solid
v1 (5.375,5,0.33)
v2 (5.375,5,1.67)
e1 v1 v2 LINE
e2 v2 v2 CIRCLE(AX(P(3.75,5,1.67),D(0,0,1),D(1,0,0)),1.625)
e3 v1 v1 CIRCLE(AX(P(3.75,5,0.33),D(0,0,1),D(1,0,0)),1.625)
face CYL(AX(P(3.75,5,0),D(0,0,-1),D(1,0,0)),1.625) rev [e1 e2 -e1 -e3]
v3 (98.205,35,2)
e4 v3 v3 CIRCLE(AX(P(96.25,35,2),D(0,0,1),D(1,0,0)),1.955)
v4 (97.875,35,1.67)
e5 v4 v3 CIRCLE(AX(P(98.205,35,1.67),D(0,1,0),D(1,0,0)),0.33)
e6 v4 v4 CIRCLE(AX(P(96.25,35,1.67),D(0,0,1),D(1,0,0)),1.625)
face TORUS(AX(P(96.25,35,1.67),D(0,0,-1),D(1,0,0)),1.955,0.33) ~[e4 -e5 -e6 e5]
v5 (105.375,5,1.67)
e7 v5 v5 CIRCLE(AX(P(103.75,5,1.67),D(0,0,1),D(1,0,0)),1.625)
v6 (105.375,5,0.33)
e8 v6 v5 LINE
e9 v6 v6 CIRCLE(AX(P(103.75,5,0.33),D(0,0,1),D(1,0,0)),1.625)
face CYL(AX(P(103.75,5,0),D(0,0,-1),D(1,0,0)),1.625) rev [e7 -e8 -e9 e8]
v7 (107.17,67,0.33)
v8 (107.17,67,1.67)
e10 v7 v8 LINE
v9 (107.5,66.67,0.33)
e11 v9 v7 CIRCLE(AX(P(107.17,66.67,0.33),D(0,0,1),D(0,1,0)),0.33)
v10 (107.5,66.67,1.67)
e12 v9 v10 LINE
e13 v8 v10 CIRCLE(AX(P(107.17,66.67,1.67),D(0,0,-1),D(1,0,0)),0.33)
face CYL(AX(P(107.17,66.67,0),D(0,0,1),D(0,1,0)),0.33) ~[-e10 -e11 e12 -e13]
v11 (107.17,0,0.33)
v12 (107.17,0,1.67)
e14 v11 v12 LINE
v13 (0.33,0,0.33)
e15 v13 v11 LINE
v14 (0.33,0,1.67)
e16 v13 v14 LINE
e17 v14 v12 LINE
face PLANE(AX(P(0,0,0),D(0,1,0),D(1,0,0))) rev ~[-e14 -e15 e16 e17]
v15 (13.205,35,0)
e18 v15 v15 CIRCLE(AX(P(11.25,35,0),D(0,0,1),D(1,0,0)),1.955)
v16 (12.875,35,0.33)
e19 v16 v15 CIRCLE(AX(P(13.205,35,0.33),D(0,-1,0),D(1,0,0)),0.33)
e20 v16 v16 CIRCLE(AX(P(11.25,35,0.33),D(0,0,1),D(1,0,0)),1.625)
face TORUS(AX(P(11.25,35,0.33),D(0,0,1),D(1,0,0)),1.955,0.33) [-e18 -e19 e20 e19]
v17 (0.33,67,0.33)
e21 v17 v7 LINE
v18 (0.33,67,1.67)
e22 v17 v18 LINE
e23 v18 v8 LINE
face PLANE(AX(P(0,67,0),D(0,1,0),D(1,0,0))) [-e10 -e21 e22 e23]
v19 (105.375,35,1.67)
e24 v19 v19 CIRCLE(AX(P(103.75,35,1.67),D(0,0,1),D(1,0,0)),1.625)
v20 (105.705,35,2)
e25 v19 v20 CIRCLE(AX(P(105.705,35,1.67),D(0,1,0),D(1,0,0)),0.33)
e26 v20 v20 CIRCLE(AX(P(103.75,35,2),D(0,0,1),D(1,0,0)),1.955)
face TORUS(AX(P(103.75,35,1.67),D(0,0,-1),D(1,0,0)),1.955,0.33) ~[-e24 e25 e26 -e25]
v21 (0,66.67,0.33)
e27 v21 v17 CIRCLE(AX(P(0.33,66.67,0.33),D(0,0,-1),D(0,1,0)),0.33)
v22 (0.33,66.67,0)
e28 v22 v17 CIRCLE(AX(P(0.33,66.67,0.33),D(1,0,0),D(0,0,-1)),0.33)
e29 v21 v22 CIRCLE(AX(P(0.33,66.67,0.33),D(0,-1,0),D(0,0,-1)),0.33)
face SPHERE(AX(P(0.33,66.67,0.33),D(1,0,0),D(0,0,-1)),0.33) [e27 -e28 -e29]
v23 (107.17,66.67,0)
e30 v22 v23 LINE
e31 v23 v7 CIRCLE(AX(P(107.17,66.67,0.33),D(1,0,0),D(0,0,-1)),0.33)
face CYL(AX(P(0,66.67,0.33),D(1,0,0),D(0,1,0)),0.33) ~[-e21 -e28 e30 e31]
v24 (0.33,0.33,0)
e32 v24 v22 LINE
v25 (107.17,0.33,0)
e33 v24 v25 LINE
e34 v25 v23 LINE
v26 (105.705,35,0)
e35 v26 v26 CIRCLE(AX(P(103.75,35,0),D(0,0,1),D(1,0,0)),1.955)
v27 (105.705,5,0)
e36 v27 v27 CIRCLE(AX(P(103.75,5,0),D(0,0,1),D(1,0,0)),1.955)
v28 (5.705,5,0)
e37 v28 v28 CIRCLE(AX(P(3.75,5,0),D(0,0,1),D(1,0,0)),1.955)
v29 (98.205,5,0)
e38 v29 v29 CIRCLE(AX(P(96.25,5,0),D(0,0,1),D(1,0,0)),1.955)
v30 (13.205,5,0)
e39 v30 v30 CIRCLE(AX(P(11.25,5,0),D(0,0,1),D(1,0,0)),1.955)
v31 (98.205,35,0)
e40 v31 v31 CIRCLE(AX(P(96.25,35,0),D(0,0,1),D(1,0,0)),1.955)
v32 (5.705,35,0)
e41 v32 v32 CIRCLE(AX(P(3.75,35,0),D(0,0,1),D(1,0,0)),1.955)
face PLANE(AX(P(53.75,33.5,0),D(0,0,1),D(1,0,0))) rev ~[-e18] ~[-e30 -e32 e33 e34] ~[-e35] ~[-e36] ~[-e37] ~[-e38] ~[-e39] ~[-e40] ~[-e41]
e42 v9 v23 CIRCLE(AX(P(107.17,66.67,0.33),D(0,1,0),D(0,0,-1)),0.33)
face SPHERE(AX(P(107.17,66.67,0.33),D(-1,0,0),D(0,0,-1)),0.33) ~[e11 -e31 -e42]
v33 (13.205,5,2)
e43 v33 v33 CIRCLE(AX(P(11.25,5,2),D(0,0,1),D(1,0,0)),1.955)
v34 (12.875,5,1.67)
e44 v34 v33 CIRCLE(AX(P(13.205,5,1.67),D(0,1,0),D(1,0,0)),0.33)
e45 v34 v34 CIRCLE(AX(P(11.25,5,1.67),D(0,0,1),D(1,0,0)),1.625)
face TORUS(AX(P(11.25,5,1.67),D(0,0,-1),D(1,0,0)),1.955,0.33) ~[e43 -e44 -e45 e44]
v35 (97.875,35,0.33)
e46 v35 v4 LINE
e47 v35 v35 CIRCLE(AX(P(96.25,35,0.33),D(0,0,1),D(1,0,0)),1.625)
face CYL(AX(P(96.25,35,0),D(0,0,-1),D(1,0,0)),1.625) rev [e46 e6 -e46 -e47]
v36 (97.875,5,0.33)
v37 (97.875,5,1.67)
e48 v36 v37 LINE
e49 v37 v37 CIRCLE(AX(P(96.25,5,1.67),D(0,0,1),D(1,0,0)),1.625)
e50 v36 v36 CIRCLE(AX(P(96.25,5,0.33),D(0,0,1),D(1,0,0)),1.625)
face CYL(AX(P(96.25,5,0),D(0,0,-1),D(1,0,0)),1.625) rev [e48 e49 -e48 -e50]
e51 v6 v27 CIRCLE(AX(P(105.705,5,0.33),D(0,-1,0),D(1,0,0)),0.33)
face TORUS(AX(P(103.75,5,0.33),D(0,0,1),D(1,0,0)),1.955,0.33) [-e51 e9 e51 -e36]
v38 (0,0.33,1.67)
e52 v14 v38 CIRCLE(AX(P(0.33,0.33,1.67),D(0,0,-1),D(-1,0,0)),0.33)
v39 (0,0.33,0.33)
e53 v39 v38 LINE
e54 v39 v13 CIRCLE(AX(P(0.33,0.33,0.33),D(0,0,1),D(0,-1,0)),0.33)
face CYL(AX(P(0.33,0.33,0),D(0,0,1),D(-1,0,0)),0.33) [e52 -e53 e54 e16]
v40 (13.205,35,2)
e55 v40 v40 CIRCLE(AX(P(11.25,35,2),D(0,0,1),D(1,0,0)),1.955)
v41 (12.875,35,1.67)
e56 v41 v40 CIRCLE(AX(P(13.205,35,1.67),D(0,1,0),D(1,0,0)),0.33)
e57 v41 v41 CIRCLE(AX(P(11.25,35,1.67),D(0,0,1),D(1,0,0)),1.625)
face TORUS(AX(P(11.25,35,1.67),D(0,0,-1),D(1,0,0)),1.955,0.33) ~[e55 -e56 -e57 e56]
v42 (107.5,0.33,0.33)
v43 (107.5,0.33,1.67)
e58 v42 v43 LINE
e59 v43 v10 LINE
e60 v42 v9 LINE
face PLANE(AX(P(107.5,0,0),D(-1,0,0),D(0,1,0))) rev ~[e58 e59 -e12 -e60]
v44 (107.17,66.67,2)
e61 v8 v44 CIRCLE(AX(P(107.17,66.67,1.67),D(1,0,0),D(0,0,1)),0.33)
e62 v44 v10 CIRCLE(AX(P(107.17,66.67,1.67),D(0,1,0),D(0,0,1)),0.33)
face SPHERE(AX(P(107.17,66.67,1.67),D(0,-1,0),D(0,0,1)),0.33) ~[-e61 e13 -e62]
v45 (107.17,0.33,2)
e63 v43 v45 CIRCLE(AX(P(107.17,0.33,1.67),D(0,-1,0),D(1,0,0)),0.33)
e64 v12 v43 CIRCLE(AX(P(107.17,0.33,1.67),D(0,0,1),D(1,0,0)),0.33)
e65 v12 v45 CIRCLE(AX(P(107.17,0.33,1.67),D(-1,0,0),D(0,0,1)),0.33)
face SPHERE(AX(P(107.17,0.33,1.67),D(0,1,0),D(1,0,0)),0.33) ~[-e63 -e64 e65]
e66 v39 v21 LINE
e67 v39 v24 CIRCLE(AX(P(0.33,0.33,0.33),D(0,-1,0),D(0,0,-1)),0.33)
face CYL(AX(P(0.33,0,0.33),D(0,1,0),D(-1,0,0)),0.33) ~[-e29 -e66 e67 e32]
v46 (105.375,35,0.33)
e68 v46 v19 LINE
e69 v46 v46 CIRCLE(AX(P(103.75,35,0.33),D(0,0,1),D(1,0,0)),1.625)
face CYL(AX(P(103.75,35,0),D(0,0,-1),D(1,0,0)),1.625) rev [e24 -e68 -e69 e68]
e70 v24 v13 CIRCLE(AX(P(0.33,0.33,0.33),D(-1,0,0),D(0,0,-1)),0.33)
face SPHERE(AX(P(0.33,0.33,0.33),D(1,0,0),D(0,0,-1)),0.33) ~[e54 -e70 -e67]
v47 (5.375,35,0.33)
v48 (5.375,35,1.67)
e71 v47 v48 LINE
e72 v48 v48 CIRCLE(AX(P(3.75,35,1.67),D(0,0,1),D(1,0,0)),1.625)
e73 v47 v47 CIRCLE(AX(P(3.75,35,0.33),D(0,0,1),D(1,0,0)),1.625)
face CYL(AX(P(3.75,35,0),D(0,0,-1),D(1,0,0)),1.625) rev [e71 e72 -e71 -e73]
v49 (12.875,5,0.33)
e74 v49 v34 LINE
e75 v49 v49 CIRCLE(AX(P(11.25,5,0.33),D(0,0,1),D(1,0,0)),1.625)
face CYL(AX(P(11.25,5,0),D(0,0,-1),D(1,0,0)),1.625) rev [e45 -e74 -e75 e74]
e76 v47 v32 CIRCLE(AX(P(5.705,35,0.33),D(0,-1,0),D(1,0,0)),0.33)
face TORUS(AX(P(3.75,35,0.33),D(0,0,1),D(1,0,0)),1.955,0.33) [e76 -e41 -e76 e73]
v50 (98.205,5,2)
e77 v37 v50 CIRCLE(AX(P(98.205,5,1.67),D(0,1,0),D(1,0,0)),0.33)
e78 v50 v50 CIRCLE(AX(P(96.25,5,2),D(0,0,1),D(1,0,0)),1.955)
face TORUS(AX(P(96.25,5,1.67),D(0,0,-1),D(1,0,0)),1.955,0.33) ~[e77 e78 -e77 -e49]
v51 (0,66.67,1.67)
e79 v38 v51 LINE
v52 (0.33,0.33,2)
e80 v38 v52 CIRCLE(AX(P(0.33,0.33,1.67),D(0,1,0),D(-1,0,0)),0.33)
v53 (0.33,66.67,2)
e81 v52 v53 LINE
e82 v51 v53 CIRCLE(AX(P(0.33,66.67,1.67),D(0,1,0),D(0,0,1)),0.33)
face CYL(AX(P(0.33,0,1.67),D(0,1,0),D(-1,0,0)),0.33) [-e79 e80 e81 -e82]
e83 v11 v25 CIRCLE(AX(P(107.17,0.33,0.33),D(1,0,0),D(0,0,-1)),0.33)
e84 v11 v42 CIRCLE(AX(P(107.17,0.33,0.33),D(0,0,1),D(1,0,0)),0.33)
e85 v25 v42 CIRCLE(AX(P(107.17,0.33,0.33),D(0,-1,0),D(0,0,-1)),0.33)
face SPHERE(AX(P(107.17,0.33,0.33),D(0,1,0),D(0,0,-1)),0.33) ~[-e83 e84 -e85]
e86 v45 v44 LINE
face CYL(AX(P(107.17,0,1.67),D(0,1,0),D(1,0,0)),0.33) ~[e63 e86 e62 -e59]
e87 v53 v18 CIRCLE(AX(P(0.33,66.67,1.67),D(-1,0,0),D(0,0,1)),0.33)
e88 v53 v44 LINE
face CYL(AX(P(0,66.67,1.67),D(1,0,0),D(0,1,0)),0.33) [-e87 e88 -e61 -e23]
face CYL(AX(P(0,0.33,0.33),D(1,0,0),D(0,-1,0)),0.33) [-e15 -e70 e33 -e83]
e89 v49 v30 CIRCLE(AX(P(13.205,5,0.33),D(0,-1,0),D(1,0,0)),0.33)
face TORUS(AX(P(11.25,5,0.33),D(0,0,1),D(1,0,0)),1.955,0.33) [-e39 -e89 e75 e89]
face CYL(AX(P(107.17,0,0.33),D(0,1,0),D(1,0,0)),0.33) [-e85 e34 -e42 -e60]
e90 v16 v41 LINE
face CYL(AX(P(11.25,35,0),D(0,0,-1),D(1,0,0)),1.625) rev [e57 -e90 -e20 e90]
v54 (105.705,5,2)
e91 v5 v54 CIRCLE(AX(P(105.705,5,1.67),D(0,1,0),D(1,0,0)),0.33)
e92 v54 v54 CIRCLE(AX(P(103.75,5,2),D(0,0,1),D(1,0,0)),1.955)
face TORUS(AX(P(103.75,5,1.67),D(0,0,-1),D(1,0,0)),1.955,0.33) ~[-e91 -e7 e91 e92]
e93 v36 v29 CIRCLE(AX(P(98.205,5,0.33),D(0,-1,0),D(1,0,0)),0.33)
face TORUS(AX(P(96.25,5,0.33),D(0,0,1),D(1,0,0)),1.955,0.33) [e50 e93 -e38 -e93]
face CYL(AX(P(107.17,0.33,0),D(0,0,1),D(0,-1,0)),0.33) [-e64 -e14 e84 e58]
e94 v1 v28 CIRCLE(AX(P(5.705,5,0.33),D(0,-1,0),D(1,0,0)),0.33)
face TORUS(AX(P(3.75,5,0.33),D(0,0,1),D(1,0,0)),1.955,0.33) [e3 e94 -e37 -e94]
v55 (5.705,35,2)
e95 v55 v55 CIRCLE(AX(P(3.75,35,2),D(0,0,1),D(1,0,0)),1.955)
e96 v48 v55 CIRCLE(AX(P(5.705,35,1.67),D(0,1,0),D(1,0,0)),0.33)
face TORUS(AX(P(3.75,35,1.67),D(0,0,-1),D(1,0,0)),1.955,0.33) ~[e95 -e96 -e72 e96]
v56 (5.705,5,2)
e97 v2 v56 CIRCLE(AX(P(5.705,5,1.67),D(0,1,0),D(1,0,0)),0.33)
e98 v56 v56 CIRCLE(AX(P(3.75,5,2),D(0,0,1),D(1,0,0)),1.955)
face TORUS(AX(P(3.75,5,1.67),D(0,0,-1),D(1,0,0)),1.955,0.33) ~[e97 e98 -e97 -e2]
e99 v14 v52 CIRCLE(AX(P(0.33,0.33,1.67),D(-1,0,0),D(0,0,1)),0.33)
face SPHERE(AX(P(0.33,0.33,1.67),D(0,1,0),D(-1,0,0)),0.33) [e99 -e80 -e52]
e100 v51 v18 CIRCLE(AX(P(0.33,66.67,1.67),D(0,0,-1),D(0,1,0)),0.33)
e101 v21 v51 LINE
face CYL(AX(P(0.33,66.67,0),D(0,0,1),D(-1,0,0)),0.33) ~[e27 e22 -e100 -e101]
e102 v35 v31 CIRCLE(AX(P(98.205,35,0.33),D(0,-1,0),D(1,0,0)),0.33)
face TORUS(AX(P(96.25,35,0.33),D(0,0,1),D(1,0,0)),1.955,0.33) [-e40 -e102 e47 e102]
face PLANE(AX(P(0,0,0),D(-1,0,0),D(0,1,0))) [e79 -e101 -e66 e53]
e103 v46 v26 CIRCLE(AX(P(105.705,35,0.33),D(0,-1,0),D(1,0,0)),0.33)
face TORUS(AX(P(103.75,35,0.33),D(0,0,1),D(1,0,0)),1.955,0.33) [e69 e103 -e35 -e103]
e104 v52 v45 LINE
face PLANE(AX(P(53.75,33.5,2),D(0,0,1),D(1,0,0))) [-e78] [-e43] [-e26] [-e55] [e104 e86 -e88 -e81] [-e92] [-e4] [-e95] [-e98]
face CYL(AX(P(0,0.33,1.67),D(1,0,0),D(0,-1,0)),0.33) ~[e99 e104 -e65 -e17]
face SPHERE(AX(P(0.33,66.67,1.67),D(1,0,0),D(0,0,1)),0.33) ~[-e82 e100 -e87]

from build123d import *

# Parameters (mm, degrees)
CROQUIS1_W              = 107.5
CROQUIS1_H              = 67
CROQUIS1_R              = 1.625
SALIENTE_EXTRUIR1_DEPTH = 2
REDONDEO1_R             = 0.33


with BuildPart() as part:
    # Croquis1 → Saliente-Extruir1 (new body)
    with BuildSketch(Plane.XY):
        with Locations((53.75, 33.5)):
            Rectangle(CROQUIS1_W, CROQUIS1_H)
        with Locations((11.25, 35)):
            Circle(CROQUIS1_R, mode=Mode.SUBTRACT)
        with Locations((3.75, 35)):
            Circle(CROQUIS1_R, mode=Mode.SUBTRACT)
        with Locations((11.25, 5)):
            Circle(CROQUIS1_R, mode=Mode.SUBTRACT)
        with Locations((3.75, 5)):
            Circle(CROQUIS1_R, mode=Mode.SUBTRACT)
        with Locations((96.25, 35)):
            Circle(CROQUIS1_R, mode=Mode.SUBTRACT)
        with Locations((103.75, 35)):
            Circle(CROQUIS1_R, mode=Mode.SUBTRACT)
        with Locations((103.75, 5)):
            Circle(CROQUIS1_R, mode=Mode.SUBTRACT)
        with Locations((96.25, 5)):
            Circle(CROQUIS1_R, mode=Mode.SUBTRACT)
    extrude(amount=SALIENTE_EXTRUIR1_DEPTH)

    # Redondeo1
    redondeo1_edges = [part.edges().sort_by_distance(p)[0] for p in [
        (9.625, 35, 0),
        (9.625, 35, 2),
        (107.5, 33.5, 2),
        (2.125, 35, 0),
        (2.125, 35, 2),
        (53.75, 67, 2),
        (2.125, 5, 0),
        (2.125, 5, 2),
        (9.625, 5, 0),
        (9.625, 5, 2),
        (102.125, 35, 0),
        (102.125, 35, 2),
        (94.625, 35, 0),
        (94.625, 35, 2),
        (102.125, 5, 0),
        (102.125, 5, 2),
        (94.625, 5, 0),
        (94.625, 5, 2),
        (0, 33.5, 2),
        (53.75, 67, 0),
        (107.5, 33.5, 0),
        (53.75, 0, 0),
        (0, 33.5, 0),
        (0, 67, 1),
        (107.5, 67, 1),
        (107.5, 0, 1),
        (0, 0, 1),
        (53.75, 0, 2),
    ]]
    fillet(redondeo1_edges, radius=REDONDEO1_R)


solid = part.part
